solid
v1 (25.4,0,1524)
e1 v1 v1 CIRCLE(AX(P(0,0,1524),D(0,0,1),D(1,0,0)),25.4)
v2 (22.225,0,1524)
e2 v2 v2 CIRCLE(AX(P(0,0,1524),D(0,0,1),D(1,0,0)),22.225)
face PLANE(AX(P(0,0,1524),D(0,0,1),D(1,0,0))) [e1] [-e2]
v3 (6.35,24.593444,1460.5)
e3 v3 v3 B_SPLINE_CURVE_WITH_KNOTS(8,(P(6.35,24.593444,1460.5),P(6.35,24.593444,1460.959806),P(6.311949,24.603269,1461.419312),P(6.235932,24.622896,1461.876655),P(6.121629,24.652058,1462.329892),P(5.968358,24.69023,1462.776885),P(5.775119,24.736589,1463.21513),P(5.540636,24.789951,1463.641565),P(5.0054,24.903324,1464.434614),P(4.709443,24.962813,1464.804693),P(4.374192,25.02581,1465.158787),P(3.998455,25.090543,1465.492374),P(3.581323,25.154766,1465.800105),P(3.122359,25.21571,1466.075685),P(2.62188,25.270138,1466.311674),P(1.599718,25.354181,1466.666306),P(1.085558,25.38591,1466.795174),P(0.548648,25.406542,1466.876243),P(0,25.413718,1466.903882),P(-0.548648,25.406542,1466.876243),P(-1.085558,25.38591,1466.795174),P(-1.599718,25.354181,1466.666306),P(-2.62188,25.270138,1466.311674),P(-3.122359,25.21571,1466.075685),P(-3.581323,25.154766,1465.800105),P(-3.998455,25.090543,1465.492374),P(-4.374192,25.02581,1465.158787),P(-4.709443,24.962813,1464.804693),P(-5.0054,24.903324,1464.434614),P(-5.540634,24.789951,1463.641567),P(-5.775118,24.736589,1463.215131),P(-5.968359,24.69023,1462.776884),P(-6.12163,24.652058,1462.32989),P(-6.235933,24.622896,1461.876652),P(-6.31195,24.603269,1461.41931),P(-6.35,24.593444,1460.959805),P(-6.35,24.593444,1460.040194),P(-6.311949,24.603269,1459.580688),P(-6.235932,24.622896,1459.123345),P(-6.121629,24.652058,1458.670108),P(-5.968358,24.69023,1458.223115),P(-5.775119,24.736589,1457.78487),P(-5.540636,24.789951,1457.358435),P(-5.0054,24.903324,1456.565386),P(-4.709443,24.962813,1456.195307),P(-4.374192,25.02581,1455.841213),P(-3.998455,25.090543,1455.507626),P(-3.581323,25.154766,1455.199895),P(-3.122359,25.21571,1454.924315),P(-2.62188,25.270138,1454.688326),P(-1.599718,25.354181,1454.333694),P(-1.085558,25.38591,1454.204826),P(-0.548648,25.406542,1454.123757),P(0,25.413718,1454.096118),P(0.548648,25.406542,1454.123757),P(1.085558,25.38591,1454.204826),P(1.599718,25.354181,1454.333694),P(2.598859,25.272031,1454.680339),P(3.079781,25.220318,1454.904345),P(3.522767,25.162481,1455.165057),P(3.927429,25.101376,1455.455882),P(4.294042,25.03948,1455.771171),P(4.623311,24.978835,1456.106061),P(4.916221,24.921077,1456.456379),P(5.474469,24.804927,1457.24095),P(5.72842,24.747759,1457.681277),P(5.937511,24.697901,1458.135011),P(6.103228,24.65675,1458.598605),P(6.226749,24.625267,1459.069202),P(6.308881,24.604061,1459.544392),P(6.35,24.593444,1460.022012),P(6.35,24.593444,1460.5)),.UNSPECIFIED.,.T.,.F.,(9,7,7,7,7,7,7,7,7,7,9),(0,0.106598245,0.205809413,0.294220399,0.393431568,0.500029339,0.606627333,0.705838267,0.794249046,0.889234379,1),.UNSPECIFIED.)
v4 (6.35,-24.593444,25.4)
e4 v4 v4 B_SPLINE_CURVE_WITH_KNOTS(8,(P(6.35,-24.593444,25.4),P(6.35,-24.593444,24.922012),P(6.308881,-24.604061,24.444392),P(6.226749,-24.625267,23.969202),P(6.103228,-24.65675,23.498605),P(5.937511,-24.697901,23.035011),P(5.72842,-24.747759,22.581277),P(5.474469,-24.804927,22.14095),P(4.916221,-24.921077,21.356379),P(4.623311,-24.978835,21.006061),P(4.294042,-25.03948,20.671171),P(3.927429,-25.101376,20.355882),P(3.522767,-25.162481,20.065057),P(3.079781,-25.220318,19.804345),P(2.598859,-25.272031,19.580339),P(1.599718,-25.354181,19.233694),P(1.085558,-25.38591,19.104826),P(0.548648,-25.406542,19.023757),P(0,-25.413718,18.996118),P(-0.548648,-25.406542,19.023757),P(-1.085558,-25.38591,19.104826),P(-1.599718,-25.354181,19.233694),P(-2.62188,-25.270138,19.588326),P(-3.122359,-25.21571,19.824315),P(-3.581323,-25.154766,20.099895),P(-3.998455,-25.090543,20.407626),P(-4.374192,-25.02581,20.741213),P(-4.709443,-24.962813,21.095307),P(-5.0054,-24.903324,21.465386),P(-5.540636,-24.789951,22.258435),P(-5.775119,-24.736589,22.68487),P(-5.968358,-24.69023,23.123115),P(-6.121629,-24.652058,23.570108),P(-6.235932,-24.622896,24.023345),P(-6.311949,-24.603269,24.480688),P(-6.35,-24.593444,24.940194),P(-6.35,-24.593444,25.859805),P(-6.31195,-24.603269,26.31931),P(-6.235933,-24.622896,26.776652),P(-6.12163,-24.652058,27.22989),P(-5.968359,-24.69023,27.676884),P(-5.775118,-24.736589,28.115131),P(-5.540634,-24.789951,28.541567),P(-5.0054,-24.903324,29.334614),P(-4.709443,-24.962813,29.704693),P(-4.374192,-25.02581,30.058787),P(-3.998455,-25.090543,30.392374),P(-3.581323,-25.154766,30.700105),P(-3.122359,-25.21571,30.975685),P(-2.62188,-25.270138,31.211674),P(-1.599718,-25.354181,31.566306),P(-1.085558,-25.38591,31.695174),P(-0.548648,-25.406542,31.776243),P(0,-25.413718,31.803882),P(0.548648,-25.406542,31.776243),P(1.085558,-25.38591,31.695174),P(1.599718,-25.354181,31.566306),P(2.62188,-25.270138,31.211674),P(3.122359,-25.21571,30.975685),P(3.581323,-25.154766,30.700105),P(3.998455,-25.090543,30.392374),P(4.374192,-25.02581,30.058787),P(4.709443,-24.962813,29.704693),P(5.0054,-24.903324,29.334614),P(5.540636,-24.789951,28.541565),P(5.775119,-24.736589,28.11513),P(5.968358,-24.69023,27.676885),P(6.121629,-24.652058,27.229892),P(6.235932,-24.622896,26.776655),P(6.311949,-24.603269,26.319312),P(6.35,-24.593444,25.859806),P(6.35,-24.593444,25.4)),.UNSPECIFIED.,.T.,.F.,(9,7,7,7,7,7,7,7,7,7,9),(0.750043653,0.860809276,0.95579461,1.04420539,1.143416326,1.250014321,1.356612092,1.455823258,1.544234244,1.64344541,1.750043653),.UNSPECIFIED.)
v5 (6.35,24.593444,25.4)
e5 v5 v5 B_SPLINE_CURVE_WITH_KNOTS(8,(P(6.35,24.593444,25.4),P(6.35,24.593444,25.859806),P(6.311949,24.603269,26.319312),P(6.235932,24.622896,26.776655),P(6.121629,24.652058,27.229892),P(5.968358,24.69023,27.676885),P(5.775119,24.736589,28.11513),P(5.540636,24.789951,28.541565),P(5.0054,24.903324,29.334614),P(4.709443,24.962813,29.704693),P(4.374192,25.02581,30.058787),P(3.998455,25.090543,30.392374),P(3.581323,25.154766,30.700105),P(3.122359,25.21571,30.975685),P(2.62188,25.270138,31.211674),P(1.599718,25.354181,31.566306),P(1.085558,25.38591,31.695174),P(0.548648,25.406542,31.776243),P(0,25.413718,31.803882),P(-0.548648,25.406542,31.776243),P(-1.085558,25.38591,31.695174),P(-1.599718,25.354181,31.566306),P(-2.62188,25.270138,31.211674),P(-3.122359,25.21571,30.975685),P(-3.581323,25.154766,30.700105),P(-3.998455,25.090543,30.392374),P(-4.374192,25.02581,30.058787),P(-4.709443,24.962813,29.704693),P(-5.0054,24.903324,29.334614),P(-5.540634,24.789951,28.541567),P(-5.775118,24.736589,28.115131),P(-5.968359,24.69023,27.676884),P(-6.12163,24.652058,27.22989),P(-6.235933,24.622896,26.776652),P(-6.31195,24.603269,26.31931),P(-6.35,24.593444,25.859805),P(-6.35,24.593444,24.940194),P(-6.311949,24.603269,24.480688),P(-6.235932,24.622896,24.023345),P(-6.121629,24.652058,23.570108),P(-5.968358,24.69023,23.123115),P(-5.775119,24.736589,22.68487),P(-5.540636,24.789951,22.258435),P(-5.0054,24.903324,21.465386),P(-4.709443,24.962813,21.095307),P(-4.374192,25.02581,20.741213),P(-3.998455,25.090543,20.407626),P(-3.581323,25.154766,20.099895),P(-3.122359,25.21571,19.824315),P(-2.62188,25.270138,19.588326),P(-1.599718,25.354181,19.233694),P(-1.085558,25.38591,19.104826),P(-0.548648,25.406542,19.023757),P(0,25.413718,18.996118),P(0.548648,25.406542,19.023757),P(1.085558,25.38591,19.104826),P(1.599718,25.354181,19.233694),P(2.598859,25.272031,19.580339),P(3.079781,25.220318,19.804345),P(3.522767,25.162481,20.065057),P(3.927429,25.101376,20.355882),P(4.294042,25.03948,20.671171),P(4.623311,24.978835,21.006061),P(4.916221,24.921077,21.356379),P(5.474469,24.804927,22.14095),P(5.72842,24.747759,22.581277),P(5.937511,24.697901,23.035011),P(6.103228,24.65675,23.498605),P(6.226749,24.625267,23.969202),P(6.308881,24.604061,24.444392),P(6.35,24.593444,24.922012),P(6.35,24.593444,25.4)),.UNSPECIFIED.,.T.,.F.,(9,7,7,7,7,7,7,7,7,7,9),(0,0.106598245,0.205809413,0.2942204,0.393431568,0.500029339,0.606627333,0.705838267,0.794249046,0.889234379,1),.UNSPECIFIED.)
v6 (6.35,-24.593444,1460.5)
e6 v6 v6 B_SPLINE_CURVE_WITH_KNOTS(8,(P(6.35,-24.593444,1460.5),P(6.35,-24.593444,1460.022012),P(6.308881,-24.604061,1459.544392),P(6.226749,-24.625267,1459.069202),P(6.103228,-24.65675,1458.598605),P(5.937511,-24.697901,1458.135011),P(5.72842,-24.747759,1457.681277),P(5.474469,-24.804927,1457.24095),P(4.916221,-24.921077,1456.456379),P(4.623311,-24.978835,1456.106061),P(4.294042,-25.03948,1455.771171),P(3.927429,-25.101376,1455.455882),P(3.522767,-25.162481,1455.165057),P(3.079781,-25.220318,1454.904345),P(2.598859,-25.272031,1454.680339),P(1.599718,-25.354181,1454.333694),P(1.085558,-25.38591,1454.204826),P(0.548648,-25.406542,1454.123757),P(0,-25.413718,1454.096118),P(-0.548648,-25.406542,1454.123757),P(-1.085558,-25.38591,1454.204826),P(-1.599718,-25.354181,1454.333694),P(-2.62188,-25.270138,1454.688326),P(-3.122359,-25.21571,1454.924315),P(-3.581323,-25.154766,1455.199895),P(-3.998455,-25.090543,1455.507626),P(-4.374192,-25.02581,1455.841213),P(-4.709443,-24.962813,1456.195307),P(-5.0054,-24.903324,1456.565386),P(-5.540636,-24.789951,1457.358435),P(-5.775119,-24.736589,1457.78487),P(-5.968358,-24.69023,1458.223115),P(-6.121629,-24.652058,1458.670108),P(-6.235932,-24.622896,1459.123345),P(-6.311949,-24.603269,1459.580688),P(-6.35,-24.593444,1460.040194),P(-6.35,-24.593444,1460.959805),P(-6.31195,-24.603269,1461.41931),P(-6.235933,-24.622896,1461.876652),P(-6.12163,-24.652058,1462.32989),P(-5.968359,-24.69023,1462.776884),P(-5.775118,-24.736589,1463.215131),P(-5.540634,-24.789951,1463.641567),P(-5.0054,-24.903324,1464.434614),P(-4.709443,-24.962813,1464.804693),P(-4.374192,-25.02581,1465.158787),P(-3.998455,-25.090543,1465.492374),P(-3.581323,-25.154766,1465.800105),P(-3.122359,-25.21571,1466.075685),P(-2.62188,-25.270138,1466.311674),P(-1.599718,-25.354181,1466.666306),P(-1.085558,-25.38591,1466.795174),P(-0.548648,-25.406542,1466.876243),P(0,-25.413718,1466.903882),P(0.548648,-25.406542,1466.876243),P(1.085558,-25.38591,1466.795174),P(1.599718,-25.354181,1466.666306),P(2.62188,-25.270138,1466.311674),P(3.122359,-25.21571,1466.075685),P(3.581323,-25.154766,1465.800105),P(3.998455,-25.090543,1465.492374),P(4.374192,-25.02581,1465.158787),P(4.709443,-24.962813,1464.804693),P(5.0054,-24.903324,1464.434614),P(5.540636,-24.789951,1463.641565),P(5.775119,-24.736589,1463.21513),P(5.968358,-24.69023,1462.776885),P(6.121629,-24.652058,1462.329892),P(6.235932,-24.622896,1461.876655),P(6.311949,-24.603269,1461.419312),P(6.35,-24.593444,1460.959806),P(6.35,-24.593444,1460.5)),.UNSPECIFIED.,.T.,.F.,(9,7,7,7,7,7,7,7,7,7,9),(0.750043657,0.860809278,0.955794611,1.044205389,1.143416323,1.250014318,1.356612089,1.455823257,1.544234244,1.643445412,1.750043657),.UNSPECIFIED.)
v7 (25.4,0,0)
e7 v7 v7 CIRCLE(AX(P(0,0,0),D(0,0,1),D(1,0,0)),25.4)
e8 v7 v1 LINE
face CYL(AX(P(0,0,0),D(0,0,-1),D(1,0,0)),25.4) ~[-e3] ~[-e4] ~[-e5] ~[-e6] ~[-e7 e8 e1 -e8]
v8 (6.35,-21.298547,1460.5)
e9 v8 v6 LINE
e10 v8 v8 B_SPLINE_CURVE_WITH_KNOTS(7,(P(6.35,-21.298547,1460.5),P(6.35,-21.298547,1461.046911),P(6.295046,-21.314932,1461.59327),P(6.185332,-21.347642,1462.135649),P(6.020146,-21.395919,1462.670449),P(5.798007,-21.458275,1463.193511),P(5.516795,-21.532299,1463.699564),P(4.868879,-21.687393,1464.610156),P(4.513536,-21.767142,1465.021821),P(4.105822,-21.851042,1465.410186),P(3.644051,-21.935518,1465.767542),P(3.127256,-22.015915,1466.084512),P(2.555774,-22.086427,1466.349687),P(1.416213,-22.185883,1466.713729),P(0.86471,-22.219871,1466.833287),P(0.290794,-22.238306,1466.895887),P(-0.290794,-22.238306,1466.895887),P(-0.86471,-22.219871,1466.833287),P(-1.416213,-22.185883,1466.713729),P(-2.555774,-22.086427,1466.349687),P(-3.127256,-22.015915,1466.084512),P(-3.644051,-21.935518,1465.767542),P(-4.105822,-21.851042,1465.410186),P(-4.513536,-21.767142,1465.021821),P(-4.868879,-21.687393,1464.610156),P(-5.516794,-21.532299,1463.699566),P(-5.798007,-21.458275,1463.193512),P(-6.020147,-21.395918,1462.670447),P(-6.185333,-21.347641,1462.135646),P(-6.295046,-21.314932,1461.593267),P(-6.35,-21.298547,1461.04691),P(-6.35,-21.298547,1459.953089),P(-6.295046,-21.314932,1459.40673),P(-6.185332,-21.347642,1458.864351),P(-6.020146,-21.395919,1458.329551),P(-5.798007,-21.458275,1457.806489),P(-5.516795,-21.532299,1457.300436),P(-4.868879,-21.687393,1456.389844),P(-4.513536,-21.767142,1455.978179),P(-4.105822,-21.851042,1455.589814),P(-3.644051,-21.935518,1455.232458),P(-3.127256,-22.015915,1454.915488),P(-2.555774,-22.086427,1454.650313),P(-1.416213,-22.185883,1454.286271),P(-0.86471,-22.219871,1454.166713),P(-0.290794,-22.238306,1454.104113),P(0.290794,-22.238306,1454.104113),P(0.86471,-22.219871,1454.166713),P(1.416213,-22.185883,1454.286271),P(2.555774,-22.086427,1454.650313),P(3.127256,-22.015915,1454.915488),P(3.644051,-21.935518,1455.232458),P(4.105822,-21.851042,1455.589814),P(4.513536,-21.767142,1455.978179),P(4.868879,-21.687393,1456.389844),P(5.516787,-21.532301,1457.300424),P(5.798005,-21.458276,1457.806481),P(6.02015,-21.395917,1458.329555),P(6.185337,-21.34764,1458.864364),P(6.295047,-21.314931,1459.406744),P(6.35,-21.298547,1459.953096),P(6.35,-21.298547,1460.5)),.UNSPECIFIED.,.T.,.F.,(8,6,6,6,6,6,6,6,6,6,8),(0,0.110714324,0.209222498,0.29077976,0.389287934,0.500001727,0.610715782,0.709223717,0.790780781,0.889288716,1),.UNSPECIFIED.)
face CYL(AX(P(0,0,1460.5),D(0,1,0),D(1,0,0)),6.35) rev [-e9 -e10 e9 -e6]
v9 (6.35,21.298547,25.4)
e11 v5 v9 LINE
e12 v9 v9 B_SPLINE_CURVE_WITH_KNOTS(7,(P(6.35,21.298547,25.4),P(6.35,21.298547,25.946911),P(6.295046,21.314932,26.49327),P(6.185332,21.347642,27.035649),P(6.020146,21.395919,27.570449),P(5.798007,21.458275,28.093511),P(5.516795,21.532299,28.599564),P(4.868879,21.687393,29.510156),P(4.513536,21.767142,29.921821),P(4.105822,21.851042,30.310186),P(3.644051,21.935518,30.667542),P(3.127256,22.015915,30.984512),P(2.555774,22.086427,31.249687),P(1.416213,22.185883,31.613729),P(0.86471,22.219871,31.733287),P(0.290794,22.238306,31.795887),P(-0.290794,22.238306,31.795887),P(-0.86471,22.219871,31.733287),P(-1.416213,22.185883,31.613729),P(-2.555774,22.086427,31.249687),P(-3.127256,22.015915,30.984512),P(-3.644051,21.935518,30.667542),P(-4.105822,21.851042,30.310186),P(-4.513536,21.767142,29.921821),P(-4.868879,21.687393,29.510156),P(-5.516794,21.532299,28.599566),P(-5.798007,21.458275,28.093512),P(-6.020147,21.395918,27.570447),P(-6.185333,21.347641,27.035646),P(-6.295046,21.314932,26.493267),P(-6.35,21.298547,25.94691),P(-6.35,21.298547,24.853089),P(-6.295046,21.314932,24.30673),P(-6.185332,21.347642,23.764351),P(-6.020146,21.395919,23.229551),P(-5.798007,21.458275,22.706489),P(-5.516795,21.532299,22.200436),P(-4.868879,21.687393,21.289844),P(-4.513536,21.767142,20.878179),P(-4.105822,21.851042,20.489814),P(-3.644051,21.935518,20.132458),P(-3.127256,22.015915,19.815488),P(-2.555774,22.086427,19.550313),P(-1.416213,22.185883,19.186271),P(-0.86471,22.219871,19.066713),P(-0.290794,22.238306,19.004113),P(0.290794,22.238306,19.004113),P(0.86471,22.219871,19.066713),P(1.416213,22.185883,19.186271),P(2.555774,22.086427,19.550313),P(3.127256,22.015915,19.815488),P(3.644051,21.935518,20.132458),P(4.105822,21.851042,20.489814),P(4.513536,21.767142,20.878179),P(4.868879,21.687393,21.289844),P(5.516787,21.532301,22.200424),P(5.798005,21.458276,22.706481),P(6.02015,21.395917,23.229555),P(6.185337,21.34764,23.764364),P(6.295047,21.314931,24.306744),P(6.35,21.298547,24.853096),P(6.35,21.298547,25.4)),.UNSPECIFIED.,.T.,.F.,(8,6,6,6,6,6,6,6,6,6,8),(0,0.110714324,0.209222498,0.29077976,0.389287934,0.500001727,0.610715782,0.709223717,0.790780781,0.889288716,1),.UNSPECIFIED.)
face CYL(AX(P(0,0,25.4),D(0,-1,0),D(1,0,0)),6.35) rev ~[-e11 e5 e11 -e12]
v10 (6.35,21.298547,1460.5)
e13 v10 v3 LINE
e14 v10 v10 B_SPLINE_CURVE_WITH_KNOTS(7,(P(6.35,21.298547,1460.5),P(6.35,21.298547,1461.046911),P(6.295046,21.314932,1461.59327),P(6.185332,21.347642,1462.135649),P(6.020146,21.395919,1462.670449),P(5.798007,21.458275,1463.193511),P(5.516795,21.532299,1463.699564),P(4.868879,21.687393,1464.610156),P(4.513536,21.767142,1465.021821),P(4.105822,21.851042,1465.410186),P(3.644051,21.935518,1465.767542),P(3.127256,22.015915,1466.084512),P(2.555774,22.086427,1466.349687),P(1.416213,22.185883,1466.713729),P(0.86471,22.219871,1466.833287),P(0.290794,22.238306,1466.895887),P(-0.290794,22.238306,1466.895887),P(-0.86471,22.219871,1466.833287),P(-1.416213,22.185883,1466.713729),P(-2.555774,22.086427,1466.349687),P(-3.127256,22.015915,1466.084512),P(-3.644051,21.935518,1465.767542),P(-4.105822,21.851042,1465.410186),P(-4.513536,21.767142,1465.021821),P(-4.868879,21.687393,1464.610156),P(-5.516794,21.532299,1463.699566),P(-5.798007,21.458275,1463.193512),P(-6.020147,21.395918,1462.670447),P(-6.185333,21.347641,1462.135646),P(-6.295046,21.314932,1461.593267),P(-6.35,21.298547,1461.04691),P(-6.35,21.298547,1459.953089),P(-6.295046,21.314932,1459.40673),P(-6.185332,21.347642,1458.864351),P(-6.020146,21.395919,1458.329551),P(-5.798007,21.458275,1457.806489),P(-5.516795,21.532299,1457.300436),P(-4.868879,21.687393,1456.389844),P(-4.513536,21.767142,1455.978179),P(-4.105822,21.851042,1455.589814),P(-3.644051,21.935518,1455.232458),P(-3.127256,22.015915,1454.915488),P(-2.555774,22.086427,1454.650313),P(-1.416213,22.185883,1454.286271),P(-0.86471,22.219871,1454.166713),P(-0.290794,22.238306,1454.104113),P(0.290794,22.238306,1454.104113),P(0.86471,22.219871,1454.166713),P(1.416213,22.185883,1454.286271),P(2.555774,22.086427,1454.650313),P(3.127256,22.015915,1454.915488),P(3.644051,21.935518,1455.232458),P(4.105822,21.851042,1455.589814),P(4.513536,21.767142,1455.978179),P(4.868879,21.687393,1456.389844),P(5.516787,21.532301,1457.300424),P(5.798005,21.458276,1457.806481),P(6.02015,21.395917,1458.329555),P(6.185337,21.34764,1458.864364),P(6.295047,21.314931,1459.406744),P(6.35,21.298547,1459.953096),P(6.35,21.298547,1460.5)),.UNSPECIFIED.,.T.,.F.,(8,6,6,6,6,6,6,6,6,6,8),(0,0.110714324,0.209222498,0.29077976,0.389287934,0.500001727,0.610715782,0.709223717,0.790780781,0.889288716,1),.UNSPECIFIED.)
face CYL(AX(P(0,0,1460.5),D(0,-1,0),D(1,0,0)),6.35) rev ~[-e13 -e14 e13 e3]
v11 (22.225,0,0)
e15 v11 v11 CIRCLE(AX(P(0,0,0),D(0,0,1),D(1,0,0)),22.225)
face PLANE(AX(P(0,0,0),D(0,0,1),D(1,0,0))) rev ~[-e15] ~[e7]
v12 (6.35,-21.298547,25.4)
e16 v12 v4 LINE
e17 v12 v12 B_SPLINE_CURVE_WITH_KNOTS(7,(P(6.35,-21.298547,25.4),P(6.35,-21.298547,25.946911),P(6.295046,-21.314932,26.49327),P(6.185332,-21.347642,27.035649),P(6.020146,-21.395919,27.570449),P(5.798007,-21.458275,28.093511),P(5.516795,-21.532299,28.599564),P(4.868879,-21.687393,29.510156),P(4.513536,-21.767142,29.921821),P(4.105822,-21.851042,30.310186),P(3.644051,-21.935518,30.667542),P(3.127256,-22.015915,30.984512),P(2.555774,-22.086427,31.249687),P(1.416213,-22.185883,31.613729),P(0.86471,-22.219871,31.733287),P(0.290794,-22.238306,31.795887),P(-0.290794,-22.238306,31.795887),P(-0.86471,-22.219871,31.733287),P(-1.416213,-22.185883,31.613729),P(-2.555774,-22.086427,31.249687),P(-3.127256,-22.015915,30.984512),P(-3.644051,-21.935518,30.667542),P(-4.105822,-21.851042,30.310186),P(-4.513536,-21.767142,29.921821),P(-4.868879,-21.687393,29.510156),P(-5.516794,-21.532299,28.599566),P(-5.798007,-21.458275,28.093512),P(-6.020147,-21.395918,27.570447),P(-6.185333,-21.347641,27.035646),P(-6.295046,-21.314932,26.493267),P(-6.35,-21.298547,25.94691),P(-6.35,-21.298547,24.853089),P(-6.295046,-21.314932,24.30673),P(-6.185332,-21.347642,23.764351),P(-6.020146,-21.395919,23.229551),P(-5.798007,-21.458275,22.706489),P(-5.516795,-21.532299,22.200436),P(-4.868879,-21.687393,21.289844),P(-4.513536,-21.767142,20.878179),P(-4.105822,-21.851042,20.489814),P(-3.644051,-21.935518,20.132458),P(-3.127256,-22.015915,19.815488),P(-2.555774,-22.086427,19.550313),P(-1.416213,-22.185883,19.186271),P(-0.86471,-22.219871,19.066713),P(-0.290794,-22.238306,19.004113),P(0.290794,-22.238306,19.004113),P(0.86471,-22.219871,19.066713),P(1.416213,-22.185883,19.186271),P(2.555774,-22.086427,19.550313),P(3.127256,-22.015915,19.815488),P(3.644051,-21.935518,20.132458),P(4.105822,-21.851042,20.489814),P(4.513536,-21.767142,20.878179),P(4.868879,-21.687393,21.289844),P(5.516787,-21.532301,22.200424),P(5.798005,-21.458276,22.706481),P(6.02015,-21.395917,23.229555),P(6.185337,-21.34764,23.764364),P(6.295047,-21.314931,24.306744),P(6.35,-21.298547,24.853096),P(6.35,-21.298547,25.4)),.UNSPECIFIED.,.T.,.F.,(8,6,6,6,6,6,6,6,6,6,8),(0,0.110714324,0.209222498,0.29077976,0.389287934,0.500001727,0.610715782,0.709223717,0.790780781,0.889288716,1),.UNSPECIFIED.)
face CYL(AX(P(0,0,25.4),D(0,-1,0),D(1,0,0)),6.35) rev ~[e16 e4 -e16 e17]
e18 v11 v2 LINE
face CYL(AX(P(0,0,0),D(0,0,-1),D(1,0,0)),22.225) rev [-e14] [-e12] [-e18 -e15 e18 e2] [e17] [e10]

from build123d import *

# Parameters (mm, degrees)
F0_R     = 25.4
F0_R_2   = 22.225
F1_DEPTH = 1524
F2_R     = 6.35
F3_DEPTH = 25.4


with BuildPart() as f1:
    # F0 (on Top) → F1 (new body)
    with BuildSketch(Plane.XY):
        Circle(F0_R)
        Circle(F0_R_2, mode=Mode.SUBTRACT)
    extrude(amount=F1_DEPTH)

    # F2 (on Front) → F3 (cut, symmetric)
    with BuildSketch(Plane.XZ):
        with Locations((0, 1460.5)):
            Circle(F2_R)
        with Locations((0, 25.4)):
            Circle(F2_R)
    extrude(amount=F3_DEPTH, both=True, mode=Mode.SUBTRACT)


solid = f1.part
